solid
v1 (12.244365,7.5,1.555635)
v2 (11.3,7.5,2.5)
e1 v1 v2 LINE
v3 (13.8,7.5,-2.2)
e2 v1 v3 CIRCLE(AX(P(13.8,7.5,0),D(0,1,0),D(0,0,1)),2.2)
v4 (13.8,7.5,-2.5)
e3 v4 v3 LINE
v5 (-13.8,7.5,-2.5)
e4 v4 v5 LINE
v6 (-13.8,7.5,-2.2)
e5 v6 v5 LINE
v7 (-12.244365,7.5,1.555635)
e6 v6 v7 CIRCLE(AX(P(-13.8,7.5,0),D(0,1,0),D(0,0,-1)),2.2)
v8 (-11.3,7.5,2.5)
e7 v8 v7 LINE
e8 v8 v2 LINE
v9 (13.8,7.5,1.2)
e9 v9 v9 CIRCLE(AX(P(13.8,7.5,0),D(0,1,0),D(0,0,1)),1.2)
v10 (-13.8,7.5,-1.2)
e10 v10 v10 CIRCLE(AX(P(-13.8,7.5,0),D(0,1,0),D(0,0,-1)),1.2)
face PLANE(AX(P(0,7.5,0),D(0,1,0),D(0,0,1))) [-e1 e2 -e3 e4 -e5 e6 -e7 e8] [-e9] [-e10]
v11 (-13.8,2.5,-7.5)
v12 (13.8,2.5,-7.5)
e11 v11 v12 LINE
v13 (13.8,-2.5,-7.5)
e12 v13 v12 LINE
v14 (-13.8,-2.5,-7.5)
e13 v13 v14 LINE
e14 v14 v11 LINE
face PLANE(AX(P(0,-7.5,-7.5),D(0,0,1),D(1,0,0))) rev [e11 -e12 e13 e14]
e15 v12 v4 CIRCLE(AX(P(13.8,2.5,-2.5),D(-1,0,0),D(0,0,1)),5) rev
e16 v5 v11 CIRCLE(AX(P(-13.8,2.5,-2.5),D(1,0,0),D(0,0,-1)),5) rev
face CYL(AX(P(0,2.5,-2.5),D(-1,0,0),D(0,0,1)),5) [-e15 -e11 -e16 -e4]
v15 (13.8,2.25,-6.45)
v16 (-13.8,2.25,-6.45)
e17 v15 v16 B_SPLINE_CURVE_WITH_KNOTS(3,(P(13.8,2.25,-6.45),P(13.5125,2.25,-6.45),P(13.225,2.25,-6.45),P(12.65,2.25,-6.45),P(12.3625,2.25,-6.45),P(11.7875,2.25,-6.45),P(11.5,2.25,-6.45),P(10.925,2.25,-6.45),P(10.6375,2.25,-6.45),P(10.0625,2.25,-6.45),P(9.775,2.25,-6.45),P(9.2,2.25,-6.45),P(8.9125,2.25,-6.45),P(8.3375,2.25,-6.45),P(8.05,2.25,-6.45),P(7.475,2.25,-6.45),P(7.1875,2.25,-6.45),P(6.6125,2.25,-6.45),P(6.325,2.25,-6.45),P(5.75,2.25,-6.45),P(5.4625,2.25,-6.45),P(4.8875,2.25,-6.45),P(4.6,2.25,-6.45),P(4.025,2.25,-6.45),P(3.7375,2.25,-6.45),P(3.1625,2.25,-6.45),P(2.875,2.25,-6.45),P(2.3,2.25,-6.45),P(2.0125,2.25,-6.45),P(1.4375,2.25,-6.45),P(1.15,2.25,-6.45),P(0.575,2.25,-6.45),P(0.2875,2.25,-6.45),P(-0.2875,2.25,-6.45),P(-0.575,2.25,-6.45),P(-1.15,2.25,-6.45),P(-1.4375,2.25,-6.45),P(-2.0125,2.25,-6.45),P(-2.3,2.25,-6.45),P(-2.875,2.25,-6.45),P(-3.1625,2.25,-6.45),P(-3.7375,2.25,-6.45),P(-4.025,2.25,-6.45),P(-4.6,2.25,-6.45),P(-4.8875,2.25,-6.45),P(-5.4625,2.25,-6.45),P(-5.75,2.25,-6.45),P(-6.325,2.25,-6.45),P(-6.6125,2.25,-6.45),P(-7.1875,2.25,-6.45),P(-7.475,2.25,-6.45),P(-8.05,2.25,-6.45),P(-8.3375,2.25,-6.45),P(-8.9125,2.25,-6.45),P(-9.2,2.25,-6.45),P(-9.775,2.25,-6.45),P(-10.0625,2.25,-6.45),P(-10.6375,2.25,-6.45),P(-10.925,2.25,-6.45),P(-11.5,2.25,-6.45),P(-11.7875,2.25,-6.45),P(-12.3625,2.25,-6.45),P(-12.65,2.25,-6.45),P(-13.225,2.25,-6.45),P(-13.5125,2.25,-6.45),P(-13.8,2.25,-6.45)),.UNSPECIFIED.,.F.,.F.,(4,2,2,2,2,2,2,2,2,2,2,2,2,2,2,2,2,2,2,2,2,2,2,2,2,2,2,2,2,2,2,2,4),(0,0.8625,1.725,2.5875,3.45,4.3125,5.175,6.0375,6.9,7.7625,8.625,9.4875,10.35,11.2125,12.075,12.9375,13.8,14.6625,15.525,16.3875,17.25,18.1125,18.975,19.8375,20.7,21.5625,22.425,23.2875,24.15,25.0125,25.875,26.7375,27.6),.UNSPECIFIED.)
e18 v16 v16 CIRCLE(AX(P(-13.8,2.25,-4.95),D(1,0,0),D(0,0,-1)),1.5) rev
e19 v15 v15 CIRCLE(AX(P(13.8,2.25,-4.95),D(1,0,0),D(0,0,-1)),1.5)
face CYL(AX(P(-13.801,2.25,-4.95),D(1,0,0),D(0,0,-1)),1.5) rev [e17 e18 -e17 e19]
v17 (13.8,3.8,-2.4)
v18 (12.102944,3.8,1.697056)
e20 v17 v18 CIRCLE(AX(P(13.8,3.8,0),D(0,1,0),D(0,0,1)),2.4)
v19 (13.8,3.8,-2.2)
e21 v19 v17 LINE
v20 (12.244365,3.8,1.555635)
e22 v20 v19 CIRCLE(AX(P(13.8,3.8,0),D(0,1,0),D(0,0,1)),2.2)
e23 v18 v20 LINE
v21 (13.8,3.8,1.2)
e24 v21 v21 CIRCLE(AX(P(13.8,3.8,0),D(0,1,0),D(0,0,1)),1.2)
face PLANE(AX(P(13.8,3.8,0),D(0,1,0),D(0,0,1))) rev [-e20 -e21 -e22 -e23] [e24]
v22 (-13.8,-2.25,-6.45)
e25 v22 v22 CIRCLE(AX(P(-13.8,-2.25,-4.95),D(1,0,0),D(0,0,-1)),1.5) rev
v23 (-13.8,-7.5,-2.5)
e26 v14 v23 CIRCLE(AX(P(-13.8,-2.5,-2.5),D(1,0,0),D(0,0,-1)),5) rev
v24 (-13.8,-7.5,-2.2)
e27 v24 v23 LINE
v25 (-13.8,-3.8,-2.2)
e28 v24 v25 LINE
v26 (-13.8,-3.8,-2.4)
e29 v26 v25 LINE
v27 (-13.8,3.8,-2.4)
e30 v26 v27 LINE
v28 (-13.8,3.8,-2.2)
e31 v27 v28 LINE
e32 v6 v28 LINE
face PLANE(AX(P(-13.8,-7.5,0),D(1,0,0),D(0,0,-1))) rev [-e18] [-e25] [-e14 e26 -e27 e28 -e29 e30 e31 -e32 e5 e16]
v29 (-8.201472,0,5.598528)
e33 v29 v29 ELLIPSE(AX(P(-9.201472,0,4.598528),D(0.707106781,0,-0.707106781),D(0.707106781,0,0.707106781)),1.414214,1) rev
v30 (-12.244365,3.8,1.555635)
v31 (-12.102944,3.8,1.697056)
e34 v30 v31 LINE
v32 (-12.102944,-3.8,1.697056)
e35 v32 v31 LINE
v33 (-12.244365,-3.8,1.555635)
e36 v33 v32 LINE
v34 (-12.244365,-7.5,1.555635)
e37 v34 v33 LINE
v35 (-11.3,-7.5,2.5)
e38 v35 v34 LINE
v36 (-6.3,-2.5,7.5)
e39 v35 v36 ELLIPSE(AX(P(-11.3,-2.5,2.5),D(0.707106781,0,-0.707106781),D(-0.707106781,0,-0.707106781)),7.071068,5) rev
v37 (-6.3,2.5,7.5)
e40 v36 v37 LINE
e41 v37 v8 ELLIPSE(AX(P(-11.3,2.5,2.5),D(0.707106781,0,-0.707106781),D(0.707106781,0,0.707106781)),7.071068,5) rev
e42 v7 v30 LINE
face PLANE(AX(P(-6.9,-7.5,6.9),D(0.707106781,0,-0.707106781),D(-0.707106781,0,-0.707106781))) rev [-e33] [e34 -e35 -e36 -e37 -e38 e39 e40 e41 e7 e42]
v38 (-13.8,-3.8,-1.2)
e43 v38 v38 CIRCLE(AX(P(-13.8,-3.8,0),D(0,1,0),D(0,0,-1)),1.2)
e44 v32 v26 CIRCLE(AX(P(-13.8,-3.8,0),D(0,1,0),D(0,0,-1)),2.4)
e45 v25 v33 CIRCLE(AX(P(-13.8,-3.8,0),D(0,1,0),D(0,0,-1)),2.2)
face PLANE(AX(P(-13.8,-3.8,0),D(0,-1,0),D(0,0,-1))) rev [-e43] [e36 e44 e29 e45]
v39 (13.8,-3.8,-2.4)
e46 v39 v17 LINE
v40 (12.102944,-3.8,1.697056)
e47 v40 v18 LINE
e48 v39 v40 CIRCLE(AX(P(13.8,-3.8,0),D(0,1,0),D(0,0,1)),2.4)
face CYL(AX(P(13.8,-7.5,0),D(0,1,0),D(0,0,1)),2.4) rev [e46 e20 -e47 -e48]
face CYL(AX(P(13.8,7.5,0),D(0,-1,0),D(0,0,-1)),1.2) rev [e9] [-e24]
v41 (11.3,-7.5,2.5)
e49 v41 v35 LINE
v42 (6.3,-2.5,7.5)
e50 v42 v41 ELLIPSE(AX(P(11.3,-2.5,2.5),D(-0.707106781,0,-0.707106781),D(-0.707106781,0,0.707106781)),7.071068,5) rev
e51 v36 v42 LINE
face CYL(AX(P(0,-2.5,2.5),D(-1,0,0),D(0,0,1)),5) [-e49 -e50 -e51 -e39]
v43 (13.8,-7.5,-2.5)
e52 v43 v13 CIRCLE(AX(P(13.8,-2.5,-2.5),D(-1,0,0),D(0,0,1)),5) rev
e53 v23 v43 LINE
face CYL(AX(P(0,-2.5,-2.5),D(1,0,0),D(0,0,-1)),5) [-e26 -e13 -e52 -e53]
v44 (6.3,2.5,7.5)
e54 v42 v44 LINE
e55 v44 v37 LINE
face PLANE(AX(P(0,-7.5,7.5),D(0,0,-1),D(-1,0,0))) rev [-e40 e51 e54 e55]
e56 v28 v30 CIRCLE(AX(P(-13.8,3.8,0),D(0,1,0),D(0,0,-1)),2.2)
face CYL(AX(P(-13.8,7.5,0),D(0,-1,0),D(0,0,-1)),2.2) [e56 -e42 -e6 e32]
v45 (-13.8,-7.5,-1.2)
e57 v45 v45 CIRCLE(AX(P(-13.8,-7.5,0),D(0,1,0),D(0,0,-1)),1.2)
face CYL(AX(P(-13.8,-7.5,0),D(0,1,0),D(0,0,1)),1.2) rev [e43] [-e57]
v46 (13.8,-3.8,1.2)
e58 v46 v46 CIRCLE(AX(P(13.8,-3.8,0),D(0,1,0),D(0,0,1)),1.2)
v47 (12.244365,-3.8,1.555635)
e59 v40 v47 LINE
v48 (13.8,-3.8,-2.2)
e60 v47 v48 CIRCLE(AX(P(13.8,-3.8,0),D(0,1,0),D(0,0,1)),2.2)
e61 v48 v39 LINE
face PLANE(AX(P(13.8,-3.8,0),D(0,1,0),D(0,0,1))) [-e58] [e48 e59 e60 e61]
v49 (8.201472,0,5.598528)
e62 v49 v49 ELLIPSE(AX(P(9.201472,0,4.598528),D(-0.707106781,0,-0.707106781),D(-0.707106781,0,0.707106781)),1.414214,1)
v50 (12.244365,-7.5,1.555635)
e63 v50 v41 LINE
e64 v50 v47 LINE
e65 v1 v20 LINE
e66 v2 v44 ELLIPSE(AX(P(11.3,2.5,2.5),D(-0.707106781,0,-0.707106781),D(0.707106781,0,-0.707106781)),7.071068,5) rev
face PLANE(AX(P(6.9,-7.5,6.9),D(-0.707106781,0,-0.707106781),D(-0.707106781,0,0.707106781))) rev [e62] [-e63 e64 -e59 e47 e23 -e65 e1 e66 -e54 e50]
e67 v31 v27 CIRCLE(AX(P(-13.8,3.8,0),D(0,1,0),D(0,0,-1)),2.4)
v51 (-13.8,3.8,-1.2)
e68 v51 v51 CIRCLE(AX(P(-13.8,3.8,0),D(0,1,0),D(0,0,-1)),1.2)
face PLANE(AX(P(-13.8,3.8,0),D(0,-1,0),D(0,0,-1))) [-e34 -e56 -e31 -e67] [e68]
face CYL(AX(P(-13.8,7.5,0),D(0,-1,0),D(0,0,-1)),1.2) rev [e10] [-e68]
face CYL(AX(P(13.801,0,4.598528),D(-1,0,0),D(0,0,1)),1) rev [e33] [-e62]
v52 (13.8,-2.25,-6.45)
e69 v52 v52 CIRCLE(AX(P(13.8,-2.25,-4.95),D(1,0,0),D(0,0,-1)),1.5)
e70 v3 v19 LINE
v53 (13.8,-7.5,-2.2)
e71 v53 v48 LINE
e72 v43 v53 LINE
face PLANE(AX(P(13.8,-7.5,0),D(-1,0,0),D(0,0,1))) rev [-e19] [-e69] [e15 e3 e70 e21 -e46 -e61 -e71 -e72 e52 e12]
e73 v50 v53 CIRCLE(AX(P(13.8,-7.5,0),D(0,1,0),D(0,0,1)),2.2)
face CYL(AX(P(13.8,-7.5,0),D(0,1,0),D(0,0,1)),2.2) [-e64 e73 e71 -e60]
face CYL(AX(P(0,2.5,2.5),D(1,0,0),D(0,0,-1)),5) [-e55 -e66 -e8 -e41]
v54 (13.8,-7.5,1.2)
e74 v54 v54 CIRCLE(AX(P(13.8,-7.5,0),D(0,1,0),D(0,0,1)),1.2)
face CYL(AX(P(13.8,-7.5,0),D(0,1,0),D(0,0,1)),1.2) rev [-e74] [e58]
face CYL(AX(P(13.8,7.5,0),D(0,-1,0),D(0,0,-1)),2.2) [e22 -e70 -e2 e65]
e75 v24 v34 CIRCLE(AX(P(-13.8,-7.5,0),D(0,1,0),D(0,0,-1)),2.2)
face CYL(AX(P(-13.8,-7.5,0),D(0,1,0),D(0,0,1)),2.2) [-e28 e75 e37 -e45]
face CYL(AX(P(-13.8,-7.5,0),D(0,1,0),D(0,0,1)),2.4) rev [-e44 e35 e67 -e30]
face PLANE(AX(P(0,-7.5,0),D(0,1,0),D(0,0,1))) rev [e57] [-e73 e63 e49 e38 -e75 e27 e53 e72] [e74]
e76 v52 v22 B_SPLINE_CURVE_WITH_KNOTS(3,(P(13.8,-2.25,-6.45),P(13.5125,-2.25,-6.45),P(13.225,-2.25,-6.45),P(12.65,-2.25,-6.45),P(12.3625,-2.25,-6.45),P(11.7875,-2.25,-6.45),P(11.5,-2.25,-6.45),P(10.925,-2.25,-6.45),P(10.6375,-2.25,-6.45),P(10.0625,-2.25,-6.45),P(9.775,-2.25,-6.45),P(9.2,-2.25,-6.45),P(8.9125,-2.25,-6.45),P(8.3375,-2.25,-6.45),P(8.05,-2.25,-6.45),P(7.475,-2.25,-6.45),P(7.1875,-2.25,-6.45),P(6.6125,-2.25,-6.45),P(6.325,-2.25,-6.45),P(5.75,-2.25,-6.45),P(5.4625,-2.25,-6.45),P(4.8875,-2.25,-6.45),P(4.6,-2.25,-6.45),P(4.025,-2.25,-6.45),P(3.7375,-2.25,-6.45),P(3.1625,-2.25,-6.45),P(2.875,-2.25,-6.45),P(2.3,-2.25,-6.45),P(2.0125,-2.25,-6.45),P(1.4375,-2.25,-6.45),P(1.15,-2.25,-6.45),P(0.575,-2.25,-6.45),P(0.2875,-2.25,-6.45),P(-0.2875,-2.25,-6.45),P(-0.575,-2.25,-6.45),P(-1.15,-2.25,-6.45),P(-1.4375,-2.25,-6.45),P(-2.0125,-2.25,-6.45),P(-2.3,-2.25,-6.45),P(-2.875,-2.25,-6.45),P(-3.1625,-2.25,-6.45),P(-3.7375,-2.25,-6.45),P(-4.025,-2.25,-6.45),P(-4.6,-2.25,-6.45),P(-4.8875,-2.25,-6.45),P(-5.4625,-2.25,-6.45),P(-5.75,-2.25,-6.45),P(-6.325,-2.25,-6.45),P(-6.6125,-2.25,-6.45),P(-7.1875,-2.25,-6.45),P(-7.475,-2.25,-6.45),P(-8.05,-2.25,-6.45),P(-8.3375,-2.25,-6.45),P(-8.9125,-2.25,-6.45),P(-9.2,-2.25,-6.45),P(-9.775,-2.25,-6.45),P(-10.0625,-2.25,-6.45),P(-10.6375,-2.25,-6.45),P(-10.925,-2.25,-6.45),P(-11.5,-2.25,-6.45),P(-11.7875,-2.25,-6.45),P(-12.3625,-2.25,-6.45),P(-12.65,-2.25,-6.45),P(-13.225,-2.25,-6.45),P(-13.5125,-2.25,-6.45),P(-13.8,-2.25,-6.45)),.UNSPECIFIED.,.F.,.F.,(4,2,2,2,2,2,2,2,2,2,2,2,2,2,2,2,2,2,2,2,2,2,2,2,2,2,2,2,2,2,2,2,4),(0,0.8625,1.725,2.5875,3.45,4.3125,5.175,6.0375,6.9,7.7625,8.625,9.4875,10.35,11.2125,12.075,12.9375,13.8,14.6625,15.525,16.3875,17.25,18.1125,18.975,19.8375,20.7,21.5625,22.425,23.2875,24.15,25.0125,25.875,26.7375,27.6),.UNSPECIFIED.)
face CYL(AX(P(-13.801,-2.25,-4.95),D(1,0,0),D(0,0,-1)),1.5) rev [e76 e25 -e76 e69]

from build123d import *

# Parameters (mm, degrees)
BOSS_EXTRUDE1_DEPTH            = 7.5
BOSS_EXTRUDE1_DEPTH_BACK       = 7.5
CUT_EXTRUDE3_REACH             = 31.568
SKETCH5_R                      = 1.5
FILLET1_R                      = 5
CUT_EXTRUDE2_REACH             = 19.405
SKETCH3_R                      = 1
CUT_EXTRUDE2_DIRECTION_2_REACH = 19.405
FILLET2_R                      = 5
BOSS_EXTRUDE2_START            = 3.8
SKETCH6_R                      = 1.2
BOSS_EXTRUDE2_DEPTH            = 3.7
BOSS_EXTRUDE3_START            = -7.5
SKETCH6_4_R                    = 1.2
BOSS_EXTRUDE3_DEPTH            = 3.7


with BuildPart() as part:
    # Sketch1 → Boss-Extrude1 (new, two sides: drawn at the far end of the back side and taken through both)
    with BuildSketch(Plane(origin=(0, 0, 0), x_dir=(-1, 0, 0), z_dir=(0, 1, 0)).offset(-BOSS_EXTRUDE1_DEPTH_BACK)):
        with BuildLine():
            Line((6.3, 7.5), (-6.3, 7.5))
            Line((-6.3, 7.5), (-12.102943725, 1.697056275))
            ThreePointArc((-12.102943725, 1.697056275), (-11.582689122, -0.918440238), (-13.8, -2.4))
            Line((-13.8, -2.4), (-13.8, -7.5))
            Line((-13.8, -7.5), (13.8, -7.5))
            Line((13.8, -7.5), (13.8, -2.4))
            ThreePointArc((13.8, -2.4), (11.582689122, -0.918440238), (12.102943725, 1.697056275))
            Line((12.102943725, 1.697056275), (6.3, 7.5))
        make_face()
    extrude(amount=BOSS_EXTRUDE1_DEPTH + BOSS_EXTRUDE1_DEPTH_BACK)

    # Sketch5 → Cut-Extrude3 (cut, up to next)
    with BuildSketch(Plane.YZ.offset(13.8), mode=Mode.PRIVATE) as cut_extrude3_sk1:
        with Locations(Location((-2.25, -4.95, 0), (0, 0, 270))):
            Circle(SKETCH5_R)
    cut_extrude3_tool1 = extrude(cut_extrude3_sk1.sketch, amount=-CUT_EXTRUDE3_REACH, mode=Mode.PRIVATE) & part.part
    # Sketch5 → Cut-Extrude3 (cut, up to next)
    with BuildSketch(Plane.YZ.offset(13.8), mode=Mode.PRIVATE) as cut_extrude3_sk2:
        with Locations(Location((2.25, -4.95, 0), (0, 0, 270))):
            Circle(SKETCH5_R)
    cut_extrude3_tool2 = extrude(cut_extrude3_sk2.sketch, amount=-CUT_EXTRUDE3_REACH, mode=Mode.PRIVATE) & part.part
    add(cut_extrude3_tool1.solids().sort_by_distance((13.8, -2.25, -4.95))[0], mode=Mode.SUBTRACT)
    add(cut_extrude3_tool2.solids().sort_by_distance((13.8, 2.25, -4.95))[0], mode=Mode.SUBTRACT)

    # Fillet1
    fillet1_edges = [part.edges().sort_by_distance(p)[0] for p in [
        (0, -7.5, -7.5),
        (0, 7.5, -7.5),
    ]]
    fillet(fillet1_edges, radius=FILLET1_R)

    # Cut-Extrude2: up to this plane
    cut_extrude2_end = Plane(origin=(-6.9, -7.5, 6.9), z_dir=(0.7071067811865475, 0, -0.7071067811865477))
    # Sketch3 → Cut-Extrude2 (cut, up to the surface)
    with BuildSketch(Plane.YZ, mode=Mode.PRIVATE) as cut_extrude2_sk1:
        with Locations(Location((0, 4.598528137, 0), (0, 0, 90))):
            Circle(SKETCH3_R)
    cut_extrude2_tool1 = split(extrude(cut_extrude2_sk1.sketch, amount=-CUT_EXTRUDE2_REACH, mode=Mode.PRIVATE), bisect_by=cut_extrude2_end, keep=Keep.BOTH, mode=Mode.PRIVATE)
    add(cut_extrude2_tool1.solids().sort_by_distance((0, 0, 4.598528))[0], mode=Mode.SUBTRACT)

    # Cut-Extrude2 direction 2: up to this plane
    cut_extrude2_direction_2_end = Plane(origin=(6.9, -7.5, 6.9), z_dir=(-0.7071067811865475, 0, -0.7071067811865476))
    # Sketch3 → Cut-Extrude2 direction 2 (cut, up to the surface)
    with BuildSketch(Plane.YZ, mode=Mode.PRIVATE) as cut_extrude2_direction_2_sk1:
        with Locations(Location((0, 4.598528137, 0), (0, 0, 90))):
            Circle(SKETCH3_R)
    cut_extrude2_direction_2_tool1 = split(extrude(cut_extrude2_direction_2_sk1.sketch, amount=CUT_EXTRUDE2_DIRECTION_2_REACH, mode=Mode.PRIVATE), bisect_by=cut_extrude2_direction_2_end, keep=Keep.BOTH, mode=Mode.PRIVATE)
    add(cut_extrude2_direction_2_tool1.solids().sort_by_distance((0, 0, 4.598528))[0], mode=Mode.SUBTRACT)

    # Fillet2
    fillet2_edges = [part.edges().sort_by_distance(p)[0] for p in [
        (0, 7.5, 7.5),
        (0, -7.5, 7.5),
    ]]
    fillet(fillet2_edges, radius=FILLET2_R)

    # Sketch6 → Boss-Extrude2 (add)
    # profile 1 of 2: a face of its own
    with BuildSketch(Plane(origin=(0, 0, 0), x_dir=(-1, 0, 0), z_dir=(0, 1, 0)).offset(BOSS_EXTRUDE2_START)):
        with BuildLine():
            Line((-12.102943725, 1.697056275), (-12.244365081, 1.555634919))
            ThreePointArc((-12.244365081, 1.555634919), (-15.832534972, 0.841903551), (-13.8, -2.2))
            Line((-13.8, -2.2), (-13.8, -2.4))
            ThreePointArc((-13.8, -2.4), (-11.582689122, -0.918440238), (-12.102943725, 1.697056275))
        make_face()
        with Locations(Location((-13.8, 0, 0), (0, 0, 90))):
            Circle(SKETCH6_R, mode=Mode.SUBTRACT)
    # profile 2 of 2: a face of its own
    with BuildSketch(Plane(origin=(0, 0, 0), x_dir=(-1, 0, 0), z_dir=(0, 1, 0)).offset(BOSS_EXTRUDE2_START)):
        with BuildLine():
            Line((13.8, -2.4), (13.8, -2.2))
            ThreePointArc((13.8, -2.2), (15.832534972, 0.841903551), (12.244365081, 1.555634919))
            Line((12.244365081, 1.555634919), (12.102943725, 1.697056275))
            ThreePointArc((12.102943725, 1.697056275), (11.582689122, -0.918440238), (13.8, -2.4))
        make_face()
        with Locations(Location((13.8, 0, 0), (0, 0, 270))):
            Circle(SKETCH6_R, mode=Mode.SUBTRACT)
    extrude(amount=BOSS_EXTRUDE2_DEPTH)

    # Sketch6<4> → Boss-Extrude3 (add)
    # profile 1 of 2: a face of its own
    with BuildSketch(Plane(origin=(0, 0, 0), x_dir=(-1, 0, 0), z_dir=(0, 1, 0)).offset(BOSS_EXTRUDE3_START)):
        with BuildLine():
            Line((-12.102943725, 1.697056275), (-12.244365081, 1.555634919))
            ThreePointArc((-12.244365081, 1.555634919), (-15.832534972, 0.841903551), (-13.8, -2.2))
            Line((-13.8, -2.2), (-13.8, -2.4))
            ThreePointArc((-13.8, -2.4), (-11.582689122, -0.918440238), (-12.102943725, 1.697056275))
        make_face()
        with Locations(Location((-13.8, 0, 0), (0, 0, 90))):
            Circle(SKETCH6_4_R, mode=Mode.SUBTRACT)
    # profile 2 of 2: a face of its own
    with BuildSketch(Plane(origin=(0, 0, 0), x_dir=(-1, 0, 0), z_dir=(0, 1, 0)).offset(BOSS_EXTRUDE3_START)):
        with BuildLine():
            Line((13.8, -2.4), (13.8, -2.2))
            ThreePointArc((13.8, -2.2), (15.832534972, 0.841903551), (12.244365081, 1.555634919))
            Line((12.244365081, 1.555634919), (12.102943725, 1.697056275))
            ThreePointArc((12.102943725, 1.697056275), (11.582689122, -0.918440238), (13.8, -2.4))
        make_face()
        with Locations(Location((13.8, 0, 0), (0, 0, 270))):
            Circle(SKETCH6_4_R, mode=Mode.SUBTRACT)
    extrude(amount=BOSS_EXTRUDE3_DEPTH)


solid = part.part
